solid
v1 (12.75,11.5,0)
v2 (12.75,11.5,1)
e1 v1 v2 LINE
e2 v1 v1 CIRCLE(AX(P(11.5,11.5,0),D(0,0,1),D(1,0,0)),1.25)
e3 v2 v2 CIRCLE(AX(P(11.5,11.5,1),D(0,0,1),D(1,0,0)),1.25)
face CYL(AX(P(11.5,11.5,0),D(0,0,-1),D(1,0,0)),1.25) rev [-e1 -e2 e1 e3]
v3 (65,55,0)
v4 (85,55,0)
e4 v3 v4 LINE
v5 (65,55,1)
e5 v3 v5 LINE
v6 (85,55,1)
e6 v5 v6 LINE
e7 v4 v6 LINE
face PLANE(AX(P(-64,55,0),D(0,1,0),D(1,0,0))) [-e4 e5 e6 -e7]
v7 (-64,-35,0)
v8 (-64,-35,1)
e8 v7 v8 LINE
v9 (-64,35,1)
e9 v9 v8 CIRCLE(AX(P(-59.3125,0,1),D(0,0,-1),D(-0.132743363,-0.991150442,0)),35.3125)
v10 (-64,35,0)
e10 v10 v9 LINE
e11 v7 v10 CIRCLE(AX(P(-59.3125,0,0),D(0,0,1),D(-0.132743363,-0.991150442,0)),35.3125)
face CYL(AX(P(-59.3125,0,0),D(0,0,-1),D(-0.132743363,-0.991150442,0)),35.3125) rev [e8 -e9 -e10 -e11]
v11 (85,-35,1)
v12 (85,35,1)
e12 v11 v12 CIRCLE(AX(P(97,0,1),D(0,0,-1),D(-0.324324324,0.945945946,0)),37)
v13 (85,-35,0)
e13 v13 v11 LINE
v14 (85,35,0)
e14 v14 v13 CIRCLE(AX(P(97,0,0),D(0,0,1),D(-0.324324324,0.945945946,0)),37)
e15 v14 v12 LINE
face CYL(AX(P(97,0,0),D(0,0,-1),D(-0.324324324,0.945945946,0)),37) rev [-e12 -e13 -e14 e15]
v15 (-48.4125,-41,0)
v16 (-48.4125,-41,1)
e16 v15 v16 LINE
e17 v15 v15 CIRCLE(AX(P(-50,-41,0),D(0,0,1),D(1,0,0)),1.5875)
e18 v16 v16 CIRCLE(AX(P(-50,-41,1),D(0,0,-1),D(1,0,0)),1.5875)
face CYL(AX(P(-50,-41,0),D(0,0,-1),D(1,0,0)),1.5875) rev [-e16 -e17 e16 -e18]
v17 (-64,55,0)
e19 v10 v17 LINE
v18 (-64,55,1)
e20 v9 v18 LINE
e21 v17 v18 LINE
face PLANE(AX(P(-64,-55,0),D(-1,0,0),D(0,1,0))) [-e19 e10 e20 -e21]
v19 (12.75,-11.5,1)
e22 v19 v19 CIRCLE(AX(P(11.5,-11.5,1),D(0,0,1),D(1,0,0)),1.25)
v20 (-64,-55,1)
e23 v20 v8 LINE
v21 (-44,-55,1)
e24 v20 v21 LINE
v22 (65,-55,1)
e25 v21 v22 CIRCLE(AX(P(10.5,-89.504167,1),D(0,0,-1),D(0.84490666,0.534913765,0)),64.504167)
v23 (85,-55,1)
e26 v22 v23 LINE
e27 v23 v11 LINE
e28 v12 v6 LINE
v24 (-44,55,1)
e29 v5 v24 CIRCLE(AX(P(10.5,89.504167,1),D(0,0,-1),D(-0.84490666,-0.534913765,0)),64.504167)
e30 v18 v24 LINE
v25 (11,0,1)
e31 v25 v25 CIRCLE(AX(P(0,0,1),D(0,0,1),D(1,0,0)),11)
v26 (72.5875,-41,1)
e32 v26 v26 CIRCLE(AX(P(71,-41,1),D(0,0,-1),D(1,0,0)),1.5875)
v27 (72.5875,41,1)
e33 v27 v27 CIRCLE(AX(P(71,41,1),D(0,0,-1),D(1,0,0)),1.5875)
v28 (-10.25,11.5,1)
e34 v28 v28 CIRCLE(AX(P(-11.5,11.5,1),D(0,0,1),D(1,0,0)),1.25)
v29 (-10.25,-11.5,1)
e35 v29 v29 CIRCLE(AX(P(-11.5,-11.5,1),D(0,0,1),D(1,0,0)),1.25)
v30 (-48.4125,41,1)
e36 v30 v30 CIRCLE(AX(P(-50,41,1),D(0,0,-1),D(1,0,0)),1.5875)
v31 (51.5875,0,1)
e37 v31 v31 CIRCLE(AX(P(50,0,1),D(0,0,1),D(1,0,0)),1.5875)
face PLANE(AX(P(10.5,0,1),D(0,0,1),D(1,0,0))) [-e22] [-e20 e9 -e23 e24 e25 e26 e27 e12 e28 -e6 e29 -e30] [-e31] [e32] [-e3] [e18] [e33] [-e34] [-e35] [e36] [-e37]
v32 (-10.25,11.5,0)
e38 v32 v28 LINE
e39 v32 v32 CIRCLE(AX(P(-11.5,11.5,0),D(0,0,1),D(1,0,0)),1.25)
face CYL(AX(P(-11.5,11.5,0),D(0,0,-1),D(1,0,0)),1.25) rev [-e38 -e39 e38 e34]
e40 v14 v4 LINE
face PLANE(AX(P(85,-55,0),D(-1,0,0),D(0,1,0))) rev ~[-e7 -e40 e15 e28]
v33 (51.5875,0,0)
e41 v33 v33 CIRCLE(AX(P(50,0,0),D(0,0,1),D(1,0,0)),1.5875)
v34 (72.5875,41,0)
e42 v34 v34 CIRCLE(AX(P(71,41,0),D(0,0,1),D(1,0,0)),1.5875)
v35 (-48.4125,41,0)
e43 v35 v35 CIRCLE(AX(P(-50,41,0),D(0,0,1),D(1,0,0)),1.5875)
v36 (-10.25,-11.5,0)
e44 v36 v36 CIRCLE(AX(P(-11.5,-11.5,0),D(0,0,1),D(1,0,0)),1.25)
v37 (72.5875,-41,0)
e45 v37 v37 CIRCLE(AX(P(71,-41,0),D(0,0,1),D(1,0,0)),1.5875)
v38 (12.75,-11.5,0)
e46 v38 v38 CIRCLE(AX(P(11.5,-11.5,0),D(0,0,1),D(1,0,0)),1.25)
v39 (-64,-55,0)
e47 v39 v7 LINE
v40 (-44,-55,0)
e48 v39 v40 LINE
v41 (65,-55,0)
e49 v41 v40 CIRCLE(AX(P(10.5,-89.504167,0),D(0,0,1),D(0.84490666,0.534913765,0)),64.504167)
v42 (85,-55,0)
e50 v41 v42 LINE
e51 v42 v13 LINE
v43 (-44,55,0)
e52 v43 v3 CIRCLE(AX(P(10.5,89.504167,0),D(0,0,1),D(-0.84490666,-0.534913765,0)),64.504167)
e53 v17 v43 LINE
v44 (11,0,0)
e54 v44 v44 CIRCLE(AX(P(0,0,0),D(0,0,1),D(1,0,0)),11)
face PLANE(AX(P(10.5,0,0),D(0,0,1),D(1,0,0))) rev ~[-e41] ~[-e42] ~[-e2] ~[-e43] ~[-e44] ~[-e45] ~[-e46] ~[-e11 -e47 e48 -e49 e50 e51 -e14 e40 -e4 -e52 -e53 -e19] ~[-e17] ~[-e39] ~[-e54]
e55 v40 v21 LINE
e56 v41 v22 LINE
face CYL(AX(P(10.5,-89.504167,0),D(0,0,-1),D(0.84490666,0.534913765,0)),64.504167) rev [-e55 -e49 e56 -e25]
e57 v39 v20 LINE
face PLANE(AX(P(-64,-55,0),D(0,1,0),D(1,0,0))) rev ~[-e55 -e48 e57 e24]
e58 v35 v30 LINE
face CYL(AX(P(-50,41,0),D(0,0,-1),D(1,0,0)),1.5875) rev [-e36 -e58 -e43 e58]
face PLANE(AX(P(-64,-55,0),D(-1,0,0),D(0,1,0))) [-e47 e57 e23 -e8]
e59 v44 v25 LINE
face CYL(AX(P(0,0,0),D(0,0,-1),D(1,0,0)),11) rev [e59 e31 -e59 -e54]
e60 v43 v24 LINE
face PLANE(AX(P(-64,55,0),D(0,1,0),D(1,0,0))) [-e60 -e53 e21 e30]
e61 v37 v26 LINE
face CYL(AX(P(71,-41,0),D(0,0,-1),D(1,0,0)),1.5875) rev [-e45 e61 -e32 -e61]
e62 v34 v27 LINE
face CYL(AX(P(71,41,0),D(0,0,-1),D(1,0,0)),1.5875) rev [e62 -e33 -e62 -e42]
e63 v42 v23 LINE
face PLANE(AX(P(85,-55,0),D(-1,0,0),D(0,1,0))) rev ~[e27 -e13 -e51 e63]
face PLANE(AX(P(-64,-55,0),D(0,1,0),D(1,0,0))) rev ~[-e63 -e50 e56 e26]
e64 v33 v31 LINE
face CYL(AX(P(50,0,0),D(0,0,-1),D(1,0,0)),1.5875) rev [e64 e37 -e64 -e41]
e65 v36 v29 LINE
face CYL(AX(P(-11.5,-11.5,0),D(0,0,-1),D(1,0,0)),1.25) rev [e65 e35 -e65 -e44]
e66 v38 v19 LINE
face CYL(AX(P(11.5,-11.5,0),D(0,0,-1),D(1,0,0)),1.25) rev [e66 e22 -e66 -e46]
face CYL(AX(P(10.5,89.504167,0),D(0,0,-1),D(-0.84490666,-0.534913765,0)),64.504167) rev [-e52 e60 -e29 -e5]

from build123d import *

# Parameters (mm, degrees)
F0_R      = 110
F0_R_2    = 1.25
F0_R_3    = 11
F0_R_4    = 1.5875
F1_DEPTH  = 1
F2_R      = 110
F2_W      = 150
F2_H      = 90
F3_DEPTH  = 1.001
F4_R      = 1.5875
F5_DEPTH  = 1.001
F6_W      = 21
F6_H      = 90
F7_DEPTH  = 1.001
F8_W      = 149
F8_H      = 110
F8_W_2    = 129
F8_H_2    = 90
F9_DEPTH  = 1
F11_DEPTH = 25


with BuildPart() as f1:
    # F0 (on Top) → F1 (new body)
    with BuildSketch(Plane.XY):
        Circle(F0_R)
        with Locations((-11.5, -11.5)):
            Circle(F0_R_2, mode=Mode.SUBTRACT)
        with Locations((11.5, -11.5)):
            Circle(F0_R_2, mode=Mode.SUBTRACT)
        with Locations((-11.5, 11.5)):
            Circle(F0_R_2, mode=Mode.SUBTRACT)
        Circle(F0_R_3, mode=Mode.SUBTRACT)
        with Locations((11.5, 11.5)):
            Circle(F0_R_2, mode=Mode.SUBTRACT)
        with Locations((50, 0)):
            Circle(F0_R_4, mode=Mode.SUBTRACT)
    extrude(amount=F1_DEPTH)

    # F2 (on Top) → F3 (cut, through all)
    with BuildSketch(Plane.XY):
        Circle(F2_R)
        Rectangle(F2_W, F2_H, mode=Mode.SUBTRACT)
    extrude(amount=F3_DEPTH, mode=Mode.SUBTRACT)

    # F4 (on Top) → F5 (cut, through all)
    with BuildSketch(Plane.XY):
        with Locations((-50, 41)):
            Circle(F4_R)
        with Locations((-50, -41)):
            Circle(F4_R)
        with Locations((71, -41)):
            Circle(F4_R)
        with Locations((71, 41)):
            Circle(F4_R)
    extrude(amount=F5_DEPTH, mode=Mode.SUBTRACT)

    # F6 (on Top) → F7 (cut, through all)
    with BuildSketch(Plane.XY):
        with Locations((-64.5, 0)):
            Rectangle(F6_W, F6_H)
    extrude(amount=F7_DEPTH, mode=Mode.SUBTRACT)

    # F8 (on Top) → F9 (join, through all)
    with BuildSketch(Plane.XY):
        with Locations((10.5, 0)):
            Rectangle(F8_W, F8_H)
        with Locations((10.5, 0)):
            Rectangle(F8_W_2, F8_H_2, mode=Mode.SUBTRACT)
    extrude(amount=F9_DEPTH)

    # F10 (on Top) → F11 (cut)
    with BuildSketch(Plane.XY):
        with BuildLine():
            Line((65, 55), (-44, 55))
            ThreePointArc((-44, 55), (10.5, 25), (65, 55))
        make_face()
        with BuildLine():
            ThreePointArc((-64, -35), (-24, 0), (-64, 35))
            Line((-64, 35), (-64, -35))
        make_face()
        with BuildLine():
            ThreePointArc((65, -55), (10.5, -25), (-44, -55))
            Line((-44, -55), (65, -55))
        make_face()
        with BuildLine():
            Line((85, -35), (85, 35))
            ThreePointArc((85, 35), (60, 0), (85, -35))
        make_face()
    extrude(amount=F11_DEPTH, mode=Mode.SUBTRACT)


solid = f1.part
